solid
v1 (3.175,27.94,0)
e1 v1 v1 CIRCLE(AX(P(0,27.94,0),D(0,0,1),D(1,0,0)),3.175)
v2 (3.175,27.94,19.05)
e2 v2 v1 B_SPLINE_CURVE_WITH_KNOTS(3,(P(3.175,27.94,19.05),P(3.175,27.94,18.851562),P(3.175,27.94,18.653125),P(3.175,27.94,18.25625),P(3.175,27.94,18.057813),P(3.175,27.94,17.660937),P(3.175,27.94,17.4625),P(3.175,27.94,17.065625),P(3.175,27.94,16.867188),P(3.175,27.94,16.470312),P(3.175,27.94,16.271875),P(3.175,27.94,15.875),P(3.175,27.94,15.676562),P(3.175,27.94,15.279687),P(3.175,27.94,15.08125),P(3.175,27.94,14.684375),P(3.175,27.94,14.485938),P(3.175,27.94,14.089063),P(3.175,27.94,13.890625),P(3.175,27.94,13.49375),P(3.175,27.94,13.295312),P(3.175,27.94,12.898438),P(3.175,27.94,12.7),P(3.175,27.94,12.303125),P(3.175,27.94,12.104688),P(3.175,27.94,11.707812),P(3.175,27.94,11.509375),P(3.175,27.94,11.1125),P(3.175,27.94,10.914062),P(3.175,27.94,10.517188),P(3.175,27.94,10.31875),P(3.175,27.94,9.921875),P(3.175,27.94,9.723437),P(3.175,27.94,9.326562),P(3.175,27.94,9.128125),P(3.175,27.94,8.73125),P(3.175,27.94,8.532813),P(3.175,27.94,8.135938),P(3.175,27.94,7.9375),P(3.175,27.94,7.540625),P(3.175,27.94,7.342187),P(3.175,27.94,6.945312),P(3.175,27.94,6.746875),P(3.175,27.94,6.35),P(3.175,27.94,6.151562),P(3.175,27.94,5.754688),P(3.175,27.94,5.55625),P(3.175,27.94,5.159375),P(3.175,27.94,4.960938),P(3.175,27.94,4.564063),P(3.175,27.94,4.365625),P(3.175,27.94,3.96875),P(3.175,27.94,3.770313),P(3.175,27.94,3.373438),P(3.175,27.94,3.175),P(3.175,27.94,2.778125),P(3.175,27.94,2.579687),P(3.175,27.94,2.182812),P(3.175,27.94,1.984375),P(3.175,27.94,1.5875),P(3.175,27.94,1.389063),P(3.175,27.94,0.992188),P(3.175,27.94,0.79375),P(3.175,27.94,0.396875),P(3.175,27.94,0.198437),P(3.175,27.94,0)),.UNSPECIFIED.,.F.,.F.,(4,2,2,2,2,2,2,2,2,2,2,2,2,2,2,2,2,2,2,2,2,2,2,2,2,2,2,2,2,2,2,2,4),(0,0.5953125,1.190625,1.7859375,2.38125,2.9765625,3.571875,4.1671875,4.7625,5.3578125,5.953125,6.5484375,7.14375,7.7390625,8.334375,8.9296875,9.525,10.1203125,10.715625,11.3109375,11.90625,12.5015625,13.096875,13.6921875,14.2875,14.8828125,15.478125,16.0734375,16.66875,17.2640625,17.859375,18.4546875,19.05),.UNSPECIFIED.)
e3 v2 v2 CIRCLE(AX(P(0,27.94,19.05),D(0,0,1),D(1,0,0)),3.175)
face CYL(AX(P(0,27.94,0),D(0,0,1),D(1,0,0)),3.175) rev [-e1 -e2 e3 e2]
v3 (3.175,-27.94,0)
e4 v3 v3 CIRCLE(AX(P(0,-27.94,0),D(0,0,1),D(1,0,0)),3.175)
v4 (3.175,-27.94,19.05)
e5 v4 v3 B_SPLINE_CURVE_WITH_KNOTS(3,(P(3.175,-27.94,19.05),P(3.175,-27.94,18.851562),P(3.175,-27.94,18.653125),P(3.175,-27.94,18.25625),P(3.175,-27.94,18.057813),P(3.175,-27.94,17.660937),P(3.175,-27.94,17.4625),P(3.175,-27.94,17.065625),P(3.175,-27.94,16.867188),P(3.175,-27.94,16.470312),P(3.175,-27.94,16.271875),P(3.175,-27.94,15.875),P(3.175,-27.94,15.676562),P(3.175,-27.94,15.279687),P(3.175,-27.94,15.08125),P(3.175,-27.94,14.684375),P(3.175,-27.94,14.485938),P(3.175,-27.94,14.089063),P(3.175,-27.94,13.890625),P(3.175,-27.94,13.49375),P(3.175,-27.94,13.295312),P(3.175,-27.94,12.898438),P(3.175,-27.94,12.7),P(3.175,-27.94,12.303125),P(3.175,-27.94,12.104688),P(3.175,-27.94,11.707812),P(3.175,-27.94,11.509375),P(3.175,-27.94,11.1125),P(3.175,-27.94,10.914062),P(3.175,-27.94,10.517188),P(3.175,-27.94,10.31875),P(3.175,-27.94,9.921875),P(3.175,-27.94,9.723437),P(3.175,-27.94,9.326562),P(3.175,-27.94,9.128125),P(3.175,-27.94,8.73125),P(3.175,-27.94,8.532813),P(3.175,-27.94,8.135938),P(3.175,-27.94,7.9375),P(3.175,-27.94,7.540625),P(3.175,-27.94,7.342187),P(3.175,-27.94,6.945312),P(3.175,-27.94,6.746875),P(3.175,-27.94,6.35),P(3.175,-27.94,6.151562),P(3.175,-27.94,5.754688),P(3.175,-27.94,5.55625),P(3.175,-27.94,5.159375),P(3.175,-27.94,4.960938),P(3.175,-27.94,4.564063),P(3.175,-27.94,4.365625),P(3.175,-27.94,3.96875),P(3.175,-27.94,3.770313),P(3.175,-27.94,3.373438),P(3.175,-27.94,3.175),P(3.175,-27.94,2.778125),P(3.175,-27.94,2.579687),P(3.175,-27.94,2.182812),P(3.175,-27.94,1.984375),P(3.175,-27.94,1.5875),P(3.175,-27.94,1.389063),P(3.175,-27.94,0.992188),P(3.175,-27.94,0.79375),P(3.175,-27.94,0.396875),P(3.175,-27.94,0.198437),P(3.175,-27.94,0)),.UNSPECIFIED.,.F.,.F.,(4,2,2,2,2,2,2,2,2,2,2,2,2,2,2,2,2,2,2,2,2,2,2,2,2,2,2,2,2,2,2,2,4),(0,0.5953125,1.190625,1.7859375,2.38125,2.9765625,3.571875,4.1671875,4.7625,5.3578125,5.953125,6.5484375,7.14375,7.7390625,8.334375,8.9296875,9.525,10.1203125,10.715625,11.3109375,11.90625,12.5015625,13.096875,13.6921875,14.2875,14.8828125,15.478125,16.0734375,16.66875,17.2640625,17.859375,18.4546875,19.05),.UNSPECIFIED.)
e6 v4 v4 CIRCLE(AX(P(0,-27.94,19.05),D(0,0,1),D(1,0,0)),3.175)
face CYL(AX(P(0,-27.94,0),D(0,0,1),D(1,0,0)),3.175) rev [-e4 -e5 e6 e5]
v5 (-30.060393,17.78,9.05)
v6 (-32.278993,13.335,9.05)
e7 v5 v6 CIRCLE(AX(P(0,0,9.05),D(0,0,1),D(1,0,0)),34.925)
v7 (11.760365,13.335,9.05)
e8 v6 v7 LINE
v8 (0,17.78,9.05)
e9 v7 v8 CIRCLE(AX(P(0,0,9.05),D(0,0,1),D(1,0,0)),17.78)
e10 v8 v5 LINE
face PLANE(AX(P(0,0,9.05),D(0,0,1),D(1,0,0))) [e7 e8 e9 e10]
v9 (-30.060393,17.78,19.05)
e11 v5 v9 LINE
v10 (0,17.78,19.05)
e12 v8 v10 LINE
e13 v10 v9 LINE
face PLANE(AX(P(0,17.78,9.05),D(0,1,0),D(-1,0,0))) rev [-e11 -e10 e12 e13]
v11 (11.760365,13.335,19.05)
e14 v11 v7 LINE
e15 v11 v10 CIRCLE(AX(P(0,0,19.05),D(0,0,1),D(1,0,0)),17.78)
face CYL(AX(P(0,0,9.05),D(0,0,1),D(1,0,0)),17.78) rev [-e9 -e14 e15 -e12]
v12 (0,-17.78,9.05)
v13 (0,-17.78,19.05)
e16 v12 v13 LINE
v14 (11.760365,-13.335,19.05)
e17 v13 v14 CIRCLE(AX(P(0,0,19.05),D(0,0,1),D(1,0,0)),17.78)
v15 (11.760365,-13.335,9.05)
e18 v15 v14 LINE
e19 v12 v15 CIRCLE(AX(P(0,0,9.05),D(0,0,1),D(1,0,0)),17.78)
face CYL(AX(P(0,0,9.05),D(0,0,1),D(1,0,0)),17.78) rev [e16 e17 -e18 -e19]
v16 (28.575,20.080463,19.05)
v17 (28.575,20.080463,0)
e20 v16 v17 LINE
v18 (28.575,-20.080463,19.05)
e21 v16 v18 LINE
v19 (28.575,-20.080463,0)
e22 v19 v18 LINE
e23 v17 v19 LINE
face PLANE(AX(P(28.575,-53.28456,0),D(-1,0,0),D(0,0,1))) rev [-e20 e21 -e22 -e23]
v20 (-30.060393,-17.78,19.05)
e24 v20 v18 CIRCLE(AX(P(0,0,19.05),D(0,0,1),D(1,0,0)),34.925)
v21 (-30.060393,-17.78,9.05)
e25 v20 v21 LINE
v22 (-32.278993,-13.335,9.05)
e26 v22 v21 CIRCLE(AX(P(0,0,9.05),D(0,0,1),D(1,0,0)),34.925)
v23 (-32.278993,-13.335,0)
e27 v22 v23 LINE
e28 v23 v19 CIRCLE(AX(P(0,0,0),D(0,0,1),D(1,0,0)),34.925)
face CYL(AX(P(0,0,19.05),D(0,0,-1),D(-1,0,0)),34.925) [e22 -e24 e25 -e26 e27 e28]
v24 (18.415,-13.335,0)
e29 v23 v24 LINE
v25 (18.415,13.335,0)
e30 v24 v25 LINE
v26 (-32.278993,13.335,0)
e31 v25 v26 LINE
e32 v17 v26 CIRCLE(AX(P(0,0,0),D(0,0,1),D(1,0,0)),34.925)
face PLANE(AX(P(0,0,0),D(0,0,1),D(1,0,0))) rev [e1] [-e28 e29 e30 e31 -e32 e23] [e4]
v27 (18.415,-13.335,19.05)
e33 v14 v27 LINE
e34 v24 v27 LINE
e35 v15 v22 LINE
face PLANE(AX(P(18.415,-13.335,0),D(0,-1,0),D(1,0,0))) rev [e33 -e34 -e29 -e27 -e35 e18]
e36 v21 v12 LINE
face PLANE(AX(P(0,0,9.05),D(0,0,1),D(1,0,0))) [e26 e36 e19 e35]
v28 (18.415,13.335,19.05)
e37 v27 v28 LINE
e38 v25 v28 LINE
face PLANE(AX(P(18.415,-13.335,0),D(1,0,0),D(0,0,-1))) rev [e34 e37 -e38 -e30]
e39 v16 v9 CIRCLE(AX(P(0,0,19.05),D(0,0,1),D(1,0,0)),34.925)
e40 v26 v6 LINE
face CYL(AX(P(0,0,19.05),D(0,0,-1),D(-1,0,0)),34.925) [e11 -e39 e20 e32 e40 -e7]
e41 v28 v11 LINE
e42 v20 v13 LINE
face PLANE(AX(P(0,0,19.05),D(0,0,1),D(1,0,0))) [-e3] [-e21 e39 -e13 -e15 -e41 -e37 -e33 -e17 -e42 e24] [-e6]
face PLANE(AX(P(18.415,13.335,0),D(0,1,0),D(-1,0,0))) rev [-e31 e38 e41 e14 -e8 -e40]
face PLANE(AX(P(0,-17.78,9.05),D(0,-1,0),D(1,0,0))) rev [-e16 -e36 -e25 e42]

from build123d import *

# Parameters (mm, degrees)
SKETCH1_R               = 34.925
BOSS_EXTRUDE1_DEPTH     = 19.05
SKETCH2_W               = 106.68
SKETCH2_H               = 26.67
CUT_EXTRUDE1_DEPTH      = 19.05
SKETCH4_W               = 76.2
SKETCH4_H               = 35.56
CUT_EXTRUDE2_DEPTH      = 10
SKETCH5_R               = 17.78
CUT_EXTRUDE3_DEPTH      = 10
CUT_EXTRUDE4_DEPTH      = 53.937829102
CUT_EXTRUDE4_DEPTH_BACK = 53.937829102
SKETCH6_R               = 3.175
CUT_EXTRUDE5_DEPTH      = 53.937829102
CUT_EXTRUDE5_DEPTH_BACK = 53.937829102
SKETCH7_W               = 12.7
SKETCH7_H               = 106.569119896


with BuildPart() as part:
    # Sketch1 → Boss-Extrude1 (new body)
    with BuildSketch(Plane.XY):
        with Locations(Location((0, 0, 0), (0, 0, 180))):
            Circle(SKETCH1_R)
    extrude(amount=BOSS_EXTRUDE1_DEPTH)

    # Sketch2 → Cut-Extrude1 (cut)
    with BuildSketch(Plane.XY.offset(19.05)):
        with Locations((-34.925, 0)):
            Rectangle(SKETCH2_W, SKETCH2_H)
    extrude(amount=-CUT_EXTRUDE1_DEPTH, mode=Mode.SUBTRACT)

    # Sketch4 → Cut-Extrude2 (cut)
    with BuildSketch(Plane.XY.offset(19.05)):
        with Locations((-38.1, 0)):
            Rectangle(SKETCH4_W, SKETCH4_H)
    extrude(amount=-CUT_EXTRUDE2_DEPTH, mode=Mode.SUBTRACT)

    # Sketch5 → Cut-Extrude3 (cut)
    with BuildSketch(Plane.XY.offset(19.05)):
        Circle(SKETCH5_R)
    extrude(amount=-CUT_EXTRUDE3_DEPTH, mode=Mode.SUBTRACT)

    # Sketch6 → Cut-Extrude4 (cut, two sides: drawn at the far end of the back side and taken through both)
    with BuildSketch(Plane.XY.offset(19.05).offset(-CUT_EXTRUDE4_DEPTH_BACK)):
        with Locations((0, 27.94)):
            Circle(SKETCH6_R)
        with Locations((0, -27.94)):
            Circle(SKETCH6_R)
    extrude(amount=CUT_EXTRUDE4_DEPTH + CUT_EXTRUDE4_DEPTH_BACK, mode=Mode.SUBTRACT)

    # Sketch7 → Cut-Extrude5 (cut, two sides: drawn at the far end of the back side and taken through both)
    with BuildSketch(Plane.XY.offset(19.05).offset(-CUT_EXTRUDE5_DEPTH_BACK)):
        with Locations((34.925, 0)):
            Rectangle(SKETCH7_W, SKETCH7_H)
    extrude(amount=CUT_EXTRUDE5_DEPTH + CUT_EXTRUDE5_DEPTH_BACK, mode=Mode.SUBTRACT)


solid = part.part
